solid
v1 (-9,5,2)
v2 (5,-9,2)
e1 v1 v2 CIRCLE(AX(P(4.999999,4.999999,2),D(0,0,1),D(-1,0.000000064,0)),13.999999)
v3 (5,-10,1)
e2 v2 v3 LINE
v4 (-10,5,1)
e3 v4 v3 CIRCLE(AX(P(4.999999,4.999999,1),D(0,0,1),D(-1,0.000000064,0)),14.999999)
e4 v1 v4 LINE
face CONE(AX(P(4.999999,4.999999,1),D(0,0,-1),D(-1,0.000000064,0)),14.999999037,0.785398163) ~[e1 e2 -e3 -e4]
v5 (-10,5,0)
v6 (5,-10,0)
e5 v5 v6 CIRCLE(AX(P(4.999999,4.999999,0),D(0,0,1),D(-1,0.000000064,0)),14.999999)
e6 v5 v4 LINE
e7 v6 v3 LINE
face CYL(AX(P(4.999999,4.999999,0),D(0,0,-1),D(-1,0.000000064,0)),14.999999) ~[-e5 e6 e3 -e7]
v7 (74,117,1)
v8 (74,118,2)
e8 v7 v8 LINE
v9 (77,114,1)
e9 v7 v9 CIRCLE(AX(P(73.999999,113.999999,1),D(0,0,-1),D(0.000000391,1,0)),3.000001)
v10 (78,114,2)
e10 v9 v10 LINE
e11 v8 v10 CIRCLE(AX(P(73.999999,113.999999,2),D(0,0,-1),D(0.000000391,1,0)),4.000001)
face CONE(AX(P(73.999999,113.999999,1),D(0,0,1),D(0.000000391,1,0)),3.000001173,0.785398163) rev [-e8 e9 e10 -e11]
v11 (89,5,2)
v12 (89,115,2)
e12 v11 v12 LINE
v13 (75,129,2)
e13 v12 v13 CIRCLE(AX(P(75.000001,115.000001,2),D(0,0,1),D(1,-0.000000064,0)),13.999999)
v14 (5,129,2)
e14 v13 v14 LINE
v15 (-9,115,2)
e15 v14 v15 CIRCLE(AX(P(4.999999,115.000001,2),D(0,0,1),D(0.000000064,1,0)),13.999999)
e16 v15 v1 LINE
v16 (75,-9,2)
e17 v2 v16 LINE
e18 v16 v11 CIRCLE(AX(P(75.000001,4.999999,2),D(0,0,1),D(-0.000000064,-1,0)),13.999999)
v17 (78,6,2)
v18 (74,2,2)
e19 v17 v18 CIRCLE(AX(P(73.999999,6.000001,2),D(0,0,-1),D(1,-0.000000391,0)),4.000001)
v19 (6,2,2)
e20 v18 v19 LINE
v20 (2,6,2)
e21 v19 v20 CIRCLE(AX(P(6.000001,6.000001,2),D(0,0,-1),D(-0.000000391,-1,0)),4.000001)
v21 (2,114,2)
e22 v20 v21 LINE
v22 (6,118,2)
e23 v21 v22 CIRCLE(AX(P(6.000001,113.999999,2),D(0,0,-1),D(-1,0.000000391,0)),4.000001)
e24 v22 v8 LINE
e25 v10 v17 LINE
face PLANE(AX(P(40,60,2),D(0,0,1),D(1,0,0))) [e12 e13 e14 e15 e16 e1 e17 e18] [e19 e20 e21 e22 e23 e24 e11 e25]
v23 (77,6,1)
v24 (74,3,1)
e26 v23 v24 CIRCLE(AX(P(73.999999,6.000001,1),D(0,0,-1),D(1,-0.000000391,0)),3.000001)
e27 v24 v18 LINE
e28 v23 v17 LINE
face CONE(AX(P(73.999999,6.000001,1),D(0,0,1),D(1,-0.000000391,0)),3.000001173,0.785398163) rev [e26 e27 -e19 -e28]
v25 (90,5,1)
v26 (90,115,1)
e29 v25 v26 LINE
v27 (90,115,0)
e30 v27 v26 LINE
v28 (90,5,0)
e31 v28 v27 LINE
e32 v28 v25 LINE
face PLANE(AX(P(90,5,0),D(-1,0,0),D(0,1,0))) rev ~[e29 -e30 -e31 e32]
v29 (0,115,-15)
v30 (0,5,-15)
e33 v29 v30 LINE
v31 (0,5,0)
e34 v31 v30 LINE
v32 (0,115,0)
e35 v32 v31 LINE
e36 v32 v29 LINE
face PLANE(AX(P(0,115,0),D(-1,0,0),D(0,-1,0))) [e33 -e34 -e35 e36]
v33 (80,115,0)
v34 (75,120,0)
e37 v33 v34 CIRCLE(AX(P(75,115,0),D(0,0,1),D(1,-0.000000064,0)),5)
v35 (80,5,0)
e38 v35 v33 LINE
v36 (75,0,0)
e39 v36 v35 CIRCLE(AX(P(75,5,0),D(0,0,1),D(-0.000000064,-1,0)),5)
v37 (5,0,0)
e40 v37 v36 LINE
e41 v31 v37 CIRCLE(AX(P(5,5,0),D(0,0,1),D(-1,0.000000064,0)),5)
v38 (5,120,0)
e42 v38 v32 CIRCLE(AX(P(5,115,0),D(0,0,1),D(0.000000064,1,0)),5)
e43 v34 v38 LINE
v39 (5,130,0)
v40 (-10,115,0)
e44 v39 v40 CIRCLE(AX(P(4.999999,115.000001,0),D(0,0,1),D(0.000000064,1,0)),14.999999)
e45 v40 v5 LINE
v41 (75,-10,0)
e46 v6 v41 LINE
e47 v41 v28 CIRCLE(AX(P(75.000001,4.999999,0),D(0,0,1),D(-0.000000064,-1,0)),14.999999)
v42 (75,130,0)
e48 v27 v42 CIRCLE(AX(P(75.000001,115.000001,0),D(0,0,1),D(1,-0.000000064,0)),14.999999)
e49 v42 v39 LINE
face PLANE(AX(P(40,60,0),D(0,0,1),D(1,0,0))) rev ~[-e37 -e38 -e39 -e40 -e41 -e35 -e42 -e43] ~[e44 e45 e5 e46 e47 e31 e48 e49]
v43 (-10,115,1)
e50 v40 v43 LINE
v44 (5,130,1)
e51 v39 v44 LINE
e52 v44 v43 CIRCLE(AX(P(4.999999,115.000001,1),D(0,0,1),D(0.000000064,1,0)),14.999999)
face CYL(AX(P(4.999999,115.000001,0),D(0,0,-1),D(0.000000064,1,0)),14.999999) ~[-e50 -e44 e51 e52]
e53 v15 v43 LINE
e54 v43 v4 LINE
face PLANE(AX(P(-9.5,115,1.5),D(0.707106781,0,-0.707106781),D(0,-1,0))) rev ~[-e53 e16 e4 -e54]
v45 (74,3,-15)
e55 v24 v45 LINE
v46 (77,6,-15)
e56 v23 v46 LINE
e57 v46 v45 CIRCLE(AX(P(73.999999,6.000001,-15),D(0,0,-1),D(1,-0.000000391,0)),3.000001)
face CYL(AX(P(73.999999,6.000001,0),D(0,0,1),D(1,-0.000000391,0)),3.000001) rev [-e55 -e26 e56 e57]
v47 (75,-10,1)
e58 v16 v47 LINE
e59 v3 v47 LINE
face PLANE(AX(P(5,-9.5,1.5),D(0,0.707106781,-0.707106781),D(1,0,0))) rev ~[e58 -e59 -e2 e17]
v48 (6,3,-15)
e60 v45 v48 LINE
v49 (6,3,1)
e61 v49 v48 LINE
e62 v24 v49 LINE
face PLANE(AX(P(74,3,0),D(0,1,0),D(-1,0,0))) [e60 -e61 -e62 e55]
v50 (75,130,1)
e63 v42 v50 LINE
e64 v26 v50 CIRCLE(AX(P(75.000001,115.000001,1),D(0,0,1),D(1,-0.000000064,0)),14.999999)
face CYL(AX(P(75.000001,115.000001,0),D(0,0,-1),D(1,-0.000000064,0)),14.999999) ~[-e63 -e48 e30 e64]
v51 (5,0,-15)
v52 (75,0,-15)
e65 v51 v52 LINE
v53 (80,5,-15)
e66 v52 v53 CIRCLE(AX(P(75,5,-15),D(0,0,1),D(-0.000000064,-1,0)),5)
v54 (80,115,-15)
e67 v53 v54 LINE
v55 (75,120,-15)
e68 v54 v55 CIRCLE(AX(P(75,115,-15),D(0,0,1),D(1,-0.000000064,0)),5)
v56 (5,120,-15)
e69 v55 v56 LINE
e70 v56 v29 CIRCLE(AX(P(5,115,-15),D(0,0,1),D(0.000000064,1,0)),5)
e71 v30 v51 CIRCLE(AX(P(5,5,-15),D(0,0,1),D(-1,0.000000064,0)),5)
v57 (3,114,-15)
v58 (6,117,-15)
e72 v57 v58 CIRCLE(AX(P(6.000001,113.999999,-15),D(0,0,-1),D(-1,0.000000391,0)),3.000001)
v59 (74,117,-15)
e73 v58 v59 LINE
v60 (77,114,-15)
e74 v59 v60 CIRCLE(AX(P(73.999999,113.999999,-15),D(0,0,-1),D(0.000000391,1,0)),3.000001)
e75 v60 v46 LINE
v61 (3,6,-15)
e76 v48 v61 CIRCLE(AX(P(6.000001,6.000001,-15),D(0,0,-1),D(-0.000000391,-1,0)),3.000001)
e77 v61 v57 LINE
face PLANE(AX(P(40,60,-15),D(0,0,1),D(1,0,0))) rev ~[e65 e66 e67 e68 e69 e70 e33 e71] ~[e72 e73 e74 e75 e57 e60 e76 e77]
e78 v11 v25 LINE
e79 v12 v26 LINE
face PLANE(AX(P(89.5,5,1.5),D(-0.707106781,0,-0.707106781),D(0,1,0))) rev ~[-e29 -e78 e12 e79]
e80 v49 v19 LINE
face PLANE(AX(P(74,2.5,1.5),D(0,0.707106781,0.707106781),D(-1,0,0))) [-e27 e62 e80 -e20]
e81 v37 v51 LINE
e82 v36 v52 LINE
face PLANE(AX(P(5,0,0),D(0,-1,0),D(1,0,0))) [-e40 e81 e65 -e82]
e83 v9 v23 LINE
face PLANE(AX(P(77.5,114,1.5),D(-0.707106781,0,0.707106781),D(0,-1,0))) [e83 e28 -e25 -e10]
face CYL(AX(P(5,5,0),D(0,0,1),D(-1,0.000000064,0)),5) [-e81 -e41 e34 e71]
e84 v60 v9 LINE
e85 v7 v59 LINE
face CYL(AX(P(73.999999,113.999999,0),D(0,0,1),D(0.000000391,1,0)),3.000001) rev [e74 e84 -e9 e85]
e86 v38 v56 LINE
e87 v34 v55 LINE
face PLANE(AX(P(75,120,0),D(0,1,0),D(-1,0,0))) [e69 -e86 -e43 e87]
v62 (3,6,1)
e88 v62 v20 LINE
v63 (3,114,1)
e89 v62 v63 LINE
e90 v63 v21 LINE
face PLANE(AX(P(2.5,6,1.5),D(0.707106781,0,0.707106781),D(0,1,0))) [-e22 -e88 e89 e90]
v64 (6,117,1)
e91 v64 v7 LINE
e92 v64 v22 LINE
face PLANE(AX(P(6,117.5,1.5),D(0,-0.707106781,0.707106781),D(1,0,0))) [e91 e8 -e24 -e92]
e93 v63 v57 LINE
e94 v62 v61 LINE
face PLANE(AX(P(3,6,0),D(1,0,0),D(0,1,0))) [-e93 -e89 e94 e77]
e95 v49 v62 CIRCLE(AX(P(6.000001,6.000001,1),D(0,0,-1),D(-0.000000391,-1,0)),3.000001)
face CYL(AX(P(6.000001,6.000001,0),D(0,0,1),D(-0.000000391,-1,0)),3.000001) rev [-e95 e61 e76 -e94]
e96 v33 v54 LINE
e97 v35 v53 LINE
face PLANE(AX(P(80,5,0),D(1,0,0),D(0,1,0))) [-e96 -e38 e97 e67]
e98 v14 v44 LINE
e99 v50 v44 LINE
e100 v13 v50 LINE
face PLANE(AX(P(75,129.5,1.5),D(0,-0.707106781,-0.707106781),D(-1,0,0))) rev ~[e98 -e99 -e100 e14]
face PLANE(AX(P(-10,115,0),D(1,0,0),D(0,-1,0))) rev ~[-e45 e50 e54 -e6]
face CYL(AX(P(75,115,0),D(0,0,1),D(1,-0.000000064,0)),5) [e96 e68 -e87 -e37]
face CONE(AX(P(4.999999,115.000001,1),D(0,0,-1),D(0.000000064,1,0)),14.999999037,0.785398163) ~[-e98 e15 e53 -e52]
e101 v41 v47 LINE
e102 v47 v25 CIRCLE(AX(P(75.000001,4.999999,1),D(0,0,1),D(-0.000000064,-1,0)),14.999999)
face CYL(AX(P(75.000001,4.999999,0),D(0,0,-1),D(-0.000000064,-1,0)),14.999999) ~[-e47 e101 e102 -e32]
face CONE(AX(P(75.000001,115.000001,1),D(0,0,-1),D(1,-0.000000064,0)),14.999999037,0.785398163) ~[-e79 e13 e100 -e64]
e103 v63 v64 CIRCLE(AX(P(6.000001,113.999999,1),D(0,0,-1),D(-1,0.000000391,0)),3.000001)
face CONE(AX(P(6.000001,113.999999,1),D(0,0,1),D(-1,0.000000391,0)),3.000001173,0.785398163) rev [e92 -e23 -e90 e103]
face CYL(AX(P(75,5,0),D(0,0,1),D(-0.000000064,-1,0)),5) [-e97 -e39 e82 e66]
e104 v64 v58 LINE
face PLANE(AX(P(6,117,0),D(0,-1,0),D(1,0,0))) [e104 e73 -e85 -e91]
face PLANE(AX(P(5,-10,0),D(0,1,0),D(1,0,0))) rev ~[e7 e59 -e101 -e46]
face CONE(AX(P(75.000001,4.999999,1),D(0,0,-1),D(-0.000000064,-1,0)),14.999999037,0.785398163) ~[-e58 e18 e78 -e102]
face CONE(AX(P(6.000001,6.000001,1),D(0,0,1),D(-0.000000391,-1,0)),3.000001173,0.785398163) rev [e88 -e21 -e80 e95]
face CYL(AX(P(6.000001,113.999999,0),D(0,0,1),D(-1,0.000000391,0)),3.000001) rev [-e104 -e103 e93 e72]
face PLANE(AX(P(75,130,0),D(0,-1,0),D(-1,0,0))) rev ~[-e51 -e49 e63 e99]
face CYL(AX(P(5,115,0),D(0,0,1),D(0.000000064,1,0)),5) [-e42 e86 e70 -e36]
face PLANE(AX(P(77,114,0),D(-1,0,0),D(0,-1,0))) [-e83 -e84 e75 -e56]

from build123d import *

# Parameters (mm, degrees)
F1_DEPTH = 2
F2_DEPTH = 15
F3_SIZE  = 1


with BuildPart() as f1:
    # F0 (on Top) → F1 (new body)
    with BuildSketch(Plane.XY):
        with BuildLine():
            Line((5, -10), (75, -10))
            ThreePointArc((75, -10), (85.606602, -5.606602), (90, 5))
            Line((90, 5), (90, 115))
            ThreePointArc((90, 115), (85.606602, 125.606602), (75, 130))
            Line((75, 130), (5, 130))
            ThreePointArc((5, 130), (-5.606602, 125.606602), (-10, 115))
            Line((-10, 115), (-10, 5))
            ThreePointArc((-10, 5), (-5.606602, -5.606602), (5, -10))
        make_face()
        with BuildLine():
            Line((75, 0), (5, 0))
            ThreePointArc((5, 0), (1.464466, 1.464466), (0, 5))
            Line((0, 5), (0, 115))
            ThreePointArc((0, 115), (1.464466, 118.535534), (5, 120))
            Line((5, 120), (75, 120))
            ThreePointArc((75, 120), (78.535534, 118.535534), (80, 115))
            Line((80, 115), (80, 5))
            ThreePointArc((80, 5), (78.535534, 1.464466), (75, 0))
        make_face(mode=Mode.SUBTRACT)
        with BuildLine():
            ThreePointArc((0, 5), (1.464466, 1.464466), (5, 0))
            Line((5, 0), (75, 0))
            ThreePointArc((75, 0), (78.535534, 1.464466), (80, 5))
            Line((80, 5), (80, 115))
            ThreePointArc((80, 115), (78.535534, 118.535534), (75, 120))
            Line((75, 120), (5, 120))
            ThreePointArc((5, 120), (1.464466, 118.535534), (0, 115))
            Line((0, 115), (0, 5))
        make_face()
        with BuildLine():
            Line((77, 114), (77, 6))
            ThreePointArc((77, 6), (76.12132, 3.87868), (74, 3))
            Line((74, 3), (6, 3))
            ThreePointArc((6, 3), (3.87868, 3.87868), (3, 6))
            Line((3, 6), (3, 114))
            ThreePointArc((3, 114), (3.87868, 116.12132), (6, 117))
            Line((6, 117), (74, 117))
            ThreePointArc((74, 117), (76.12132, 116.12132), (77, 114))
        make_face(mode=Mode.SUBTRACT)
    extrude(amount=F1_DEPTH)

    # F0 (on Top) → F2 (join)
    with BuildSketch(Plane.XY):
        with BuildLine():
            ThreePointArc((0, 5), (1.464466, 1.464466), (5, 0))
            Line((5, 0), (75, 0))
            ThreePointArc((75, 0), (78.535534, 1.464466), (80, 5))
            Line((80, 5), (80, 115))
            ThreePointArc((80, 115), (78.535534, 118.535534), (75, 120))
            Line((75, 120), (5, 120))
            ThreePointArc((5, 120), (1.464466, 118.535534), (0, 115))
            Line((0, 115), (0, 5))
        make_face()
        with BuildLine():
            Line((77, 114), (77, 6))
            ThreePointArc((77, 6), (76.12132, 3.87868), (74, 3))
            Line((74, 3), (6, 3))
            ThreePointArc((6, 3), (3.87868, 3.87868), (3, 6))
            Line((3, 6), (3, 114))
            ThreePointArc((3, 114), (3.87868, 116.12132), (6, 117))
            Line((6, 117), (74, 117))
            ThreePointArc((74, 117), (76.12132, 116.12132), (77, 114))
        make_face(mode=Mode.SUBTRACT)
    extrude(amount=-F2_DEPTH)

    # F3
    f3_edges = [f1.edges().sort_by_distance(p)[0] for p in [
        (77, 60, 2),
        (76.12132, 116.12132, 2),
        (40, 117, 2),
        (3.87868, 116.12132, 2),
        (3, 60, 2),
        (40, 3, 2),
        (76.12132, 3.87868, 2),
        (3.87868, 3.87868, 2),
        (-5.606602, -5.606602, 2),
        (40, -10, 2),
        (85.606602, -5.606602, 2),
        (90, 60, 2),
        (-10, 60, 2),
        (40, 130, 2),
        (-5.606602, 125.606602, 2),
        (85.606602, 125.606602, 2),
    ]]
    chamfer(f3_edges, length=F3_SIZE)


solid = f1.part
